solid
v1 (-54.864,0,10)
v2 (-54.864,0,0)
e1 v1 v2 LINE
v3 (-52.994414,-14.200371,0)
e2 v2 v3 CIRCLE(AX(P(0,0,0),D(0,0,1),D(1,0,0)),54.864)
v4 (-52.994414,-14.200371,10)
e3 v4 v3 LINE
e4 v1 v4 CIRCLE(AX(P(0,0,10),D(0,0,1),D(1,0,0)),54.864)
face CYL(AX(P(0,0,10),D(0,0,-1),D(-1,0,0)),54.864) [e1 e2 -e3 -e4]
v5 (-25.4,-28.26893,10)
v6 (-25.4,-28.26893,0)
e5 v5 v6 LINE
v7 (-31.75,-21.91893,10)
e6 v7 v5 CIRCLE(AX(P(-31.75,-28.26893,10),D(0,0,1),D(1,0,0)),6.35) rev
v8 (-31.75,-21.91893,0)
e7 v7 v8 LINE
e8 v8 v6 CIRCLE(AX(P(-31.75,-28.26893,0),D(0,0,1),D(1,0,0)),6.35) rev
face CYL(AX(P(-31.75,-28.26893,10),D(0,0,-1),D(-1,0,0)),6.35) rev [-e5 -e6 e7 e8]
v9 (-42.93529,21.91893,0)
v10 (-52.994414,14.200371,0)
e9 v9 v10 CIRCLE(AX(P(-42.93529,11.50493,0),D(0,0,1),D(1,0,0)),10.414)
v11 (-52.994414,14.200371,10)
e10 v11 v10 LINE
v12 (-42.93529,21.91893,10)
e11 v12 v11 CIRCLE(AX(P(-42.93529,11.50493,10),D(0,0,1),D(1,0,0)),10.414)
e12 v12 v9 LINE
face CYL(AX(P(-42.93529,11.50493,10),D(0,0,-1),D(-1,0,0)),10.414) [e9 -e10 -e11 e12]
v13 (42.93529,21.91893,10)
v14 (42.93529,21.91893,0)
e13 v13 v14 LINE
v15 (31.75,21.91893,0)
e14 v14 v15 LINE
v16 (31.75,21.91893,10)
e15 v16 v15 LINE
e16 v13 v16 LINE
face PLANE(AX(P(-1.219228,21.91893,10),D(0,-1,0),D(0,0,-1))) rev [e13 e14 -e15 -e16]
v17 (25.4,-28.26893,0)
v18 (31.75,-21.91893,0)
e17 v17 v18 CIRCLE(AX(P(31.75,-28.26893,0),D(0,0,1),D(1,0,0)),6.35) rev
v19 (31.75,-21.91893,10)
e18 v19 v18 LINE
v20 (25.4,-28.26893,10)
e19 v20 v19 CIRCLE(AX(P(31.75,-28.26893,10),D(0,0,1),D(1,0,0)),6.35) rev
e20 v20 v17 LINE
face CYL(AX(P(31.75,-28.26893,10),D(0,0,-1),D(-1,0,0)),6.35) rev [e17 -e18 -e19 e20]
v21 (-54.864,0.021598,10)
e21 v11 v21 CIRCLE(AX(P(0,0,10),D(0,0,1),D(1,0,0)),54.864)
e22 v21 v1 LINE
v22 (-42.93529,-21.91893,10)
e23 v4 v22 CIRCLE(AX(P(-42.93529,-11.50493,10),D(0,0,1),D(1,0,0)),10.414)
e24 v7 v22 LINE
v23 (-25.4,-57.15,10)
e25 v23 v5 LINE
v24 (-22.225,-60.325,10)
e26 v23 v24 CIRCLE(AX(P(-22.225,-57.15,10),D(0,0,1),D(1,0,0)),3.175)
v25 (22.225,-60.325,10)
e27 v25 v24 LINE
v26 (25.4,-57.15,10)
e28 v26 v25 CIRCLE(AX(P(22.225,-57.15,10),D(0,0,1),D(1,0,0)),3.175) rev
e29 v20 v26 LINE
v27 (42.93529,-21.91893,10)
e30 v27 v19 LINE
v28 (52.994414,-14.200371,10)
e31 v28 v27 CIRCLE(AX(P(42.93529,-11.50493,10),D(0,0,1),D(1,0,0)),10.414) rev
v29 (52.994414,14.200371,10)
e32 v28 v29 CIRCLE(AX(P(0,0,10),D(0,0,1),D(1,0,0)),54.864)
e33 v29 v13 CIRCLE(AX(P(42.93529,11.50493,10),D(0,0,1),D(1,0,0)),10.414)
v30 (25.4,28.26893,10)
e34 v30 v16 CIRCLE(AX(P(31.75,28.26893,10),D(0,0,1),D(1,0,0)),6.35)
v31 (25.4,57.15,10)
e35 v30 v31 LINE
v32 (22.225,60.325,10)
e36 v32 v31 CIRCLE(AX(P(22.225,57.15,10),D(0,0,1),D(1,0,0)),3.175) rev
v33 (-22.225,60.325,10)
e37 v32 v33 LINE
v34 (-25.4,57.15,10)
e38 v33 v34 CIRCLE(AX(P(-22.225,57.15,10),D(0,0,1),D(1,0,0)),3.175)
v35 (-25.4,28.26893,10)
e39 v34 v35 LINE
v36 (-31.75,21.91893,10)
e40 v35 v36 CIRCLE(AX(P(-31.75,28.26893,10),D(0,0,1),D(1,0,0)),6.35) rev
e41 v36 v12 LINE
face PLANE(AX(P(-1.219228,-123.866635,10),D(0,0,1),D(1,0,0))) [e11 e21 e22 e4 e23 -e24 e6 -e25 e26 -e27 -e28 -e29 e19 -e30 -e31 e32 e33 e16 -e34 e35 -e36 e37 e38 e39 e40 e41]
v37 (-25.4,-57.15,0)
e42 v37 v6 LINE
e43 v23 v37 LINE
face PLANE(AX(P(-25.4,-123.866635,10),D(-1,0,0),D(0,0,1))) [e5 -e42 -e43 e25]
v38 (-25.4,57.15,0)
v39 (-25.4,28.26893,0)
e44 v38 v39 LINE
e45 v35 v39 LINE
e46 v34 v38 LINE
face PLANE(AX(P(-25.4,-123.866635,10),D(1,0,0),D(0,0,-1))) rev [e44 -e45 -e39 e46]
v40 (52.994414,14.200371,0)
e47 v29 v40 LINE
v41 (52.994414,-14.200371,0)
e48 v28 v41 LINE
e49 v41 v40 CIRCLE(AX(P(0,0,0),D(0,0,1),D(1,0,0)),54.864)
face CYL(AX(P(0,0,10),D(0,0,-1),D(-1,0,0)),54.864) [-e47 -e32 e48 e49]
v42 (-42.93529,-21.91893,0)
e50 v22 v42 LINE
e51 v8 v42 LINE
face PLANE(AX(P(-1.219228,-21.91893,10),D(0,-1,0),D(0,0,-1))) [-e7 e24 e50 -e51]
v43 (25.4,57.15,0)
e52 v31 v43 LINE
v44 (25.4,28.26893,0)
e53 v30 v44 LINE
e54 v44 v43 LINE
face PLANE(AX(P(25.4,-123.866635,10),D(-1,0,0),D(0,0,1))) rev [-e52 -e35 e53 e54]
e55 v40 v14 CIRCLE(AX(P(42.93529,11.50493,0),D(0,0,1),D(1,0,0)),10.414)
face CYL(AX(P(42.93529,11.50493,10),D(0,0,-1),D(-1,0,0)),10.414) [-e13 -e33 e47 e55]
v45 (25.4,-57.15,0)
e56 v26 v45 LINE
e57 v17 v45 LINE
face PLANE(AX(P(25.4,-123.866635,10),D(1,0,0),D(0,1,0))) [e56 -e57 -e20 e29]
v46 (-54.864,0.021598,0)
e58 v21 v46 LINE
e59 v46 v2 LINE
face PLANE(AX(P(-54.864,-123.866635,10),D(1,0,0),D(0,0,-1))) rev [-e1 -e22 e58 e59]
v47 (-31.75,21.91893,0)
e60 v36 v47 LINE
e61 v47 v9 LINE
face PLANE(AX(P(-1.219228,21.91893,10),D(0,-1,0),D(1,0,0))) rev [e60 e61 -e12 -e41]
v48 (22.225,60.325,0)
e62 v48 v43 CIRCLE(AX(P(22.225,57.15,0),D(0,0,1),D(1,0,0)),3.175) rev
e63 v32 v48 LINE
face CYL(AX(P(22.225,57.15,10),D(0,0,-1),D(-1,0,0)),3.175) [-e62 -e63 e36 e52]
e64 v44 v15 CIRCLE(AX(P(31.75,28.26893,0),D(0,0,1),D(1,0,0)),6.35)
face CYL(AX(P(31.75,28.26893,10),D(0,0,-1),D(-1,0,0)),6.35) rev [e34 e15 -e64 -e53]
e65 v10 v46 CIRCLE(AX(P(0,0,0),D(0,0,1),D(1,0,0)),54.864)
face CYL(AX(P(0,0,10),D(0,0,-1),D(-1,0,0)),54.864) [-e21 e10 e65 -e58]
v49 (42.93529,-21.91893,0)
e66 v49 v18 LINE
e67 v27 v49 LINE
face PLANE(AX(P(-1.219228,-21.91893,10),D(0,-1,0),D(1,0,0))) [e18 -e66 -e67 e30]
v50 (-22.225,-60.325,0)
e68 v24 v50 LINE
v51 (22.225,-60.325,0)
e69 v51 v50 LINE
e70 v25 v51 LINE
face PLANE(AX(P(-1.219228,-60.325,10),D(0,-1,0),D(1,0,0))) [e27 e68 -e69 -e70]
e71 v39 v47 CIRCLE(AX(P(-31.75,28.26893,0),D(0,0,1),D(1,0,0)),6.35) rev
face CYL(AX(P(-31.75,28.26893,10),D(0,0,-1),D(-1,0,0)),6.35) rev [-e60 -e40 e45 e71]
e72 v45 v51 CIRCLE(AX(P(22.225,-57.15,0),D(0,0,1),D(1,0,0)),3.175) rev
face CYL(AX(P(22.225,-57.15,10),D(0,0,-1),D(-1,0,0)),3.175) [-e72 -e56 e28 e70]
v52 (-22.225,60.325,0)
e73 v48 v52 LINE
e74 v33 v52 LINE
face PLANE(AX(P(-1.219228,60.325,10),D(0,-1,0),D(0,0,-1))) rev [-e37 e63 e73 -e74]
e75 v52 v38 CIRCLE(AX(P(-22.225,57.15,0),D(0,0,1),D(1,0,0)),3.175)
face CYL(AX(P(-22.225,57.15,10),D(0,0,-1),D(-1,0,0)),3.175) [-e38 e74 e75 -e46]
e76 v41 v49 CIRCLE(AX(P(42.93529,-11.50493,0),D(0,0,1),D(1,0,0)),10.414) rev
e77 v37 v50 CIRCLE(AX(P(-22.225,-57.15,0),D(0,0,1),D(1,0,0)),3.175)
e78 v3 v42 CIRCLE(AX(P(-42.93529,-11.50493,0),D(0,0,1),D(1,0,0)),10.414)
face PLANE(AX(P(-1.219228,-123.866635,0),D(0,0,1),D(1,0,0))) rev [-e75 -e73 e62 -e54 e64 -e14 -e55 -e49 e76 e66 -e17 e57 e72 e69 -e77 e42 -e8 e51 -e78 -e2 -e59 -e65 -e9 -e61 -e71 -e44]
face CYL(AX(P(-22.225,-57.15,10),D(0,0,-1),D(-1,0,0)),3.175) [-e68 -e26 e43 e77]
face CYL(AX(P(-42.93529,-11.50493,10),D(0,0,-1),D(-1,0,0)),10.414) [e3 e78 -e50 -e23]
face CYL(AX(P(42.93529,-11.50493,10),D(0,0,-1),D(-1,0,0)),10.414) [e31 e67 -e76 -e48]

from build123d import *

# Parameters (mm, degrees)
BOSS_EXTRUDE1_DEPTH = 10


with BuildPart() as part:
    # Sketch1 → Boss-Extrude1 (new body)
    with BuildSketch(Plane.XY):
        with BuildLine():
            Line((-25.4, -57.15), (-25.4, -28.26893))
            ThreePointArc((-25.4, -28.26893), (-27.259871939, -23.778801939), (-31.75, -21.91893))
            Line((-31.75, -21.91893), (-42.935289515, -21.91893))
            ThreePointArc((-42.935289515, -21.91893), (-49.274890295, -19.766942948), (-52.994414486, -14.200370743))
            ThreePointArc((-52.994414486, -14.200370743), (-54.864, 0), (-52.994414486, 14.200370743))
            ThreePointArc((-52.994414486, 14.200370743), (-49.274890295, 19.766942948), (-42.935289515, 21.91893))
            Line((-42.935289515, 21.91893), (-31.75, 21.91893))
            ThreePointArc((-31.75, 21.91893), (-27.259871939, 23.778801939), (-25.4, 28.26893))
            Line((-25.4, 28.26893), (-25.4, 57.15))
            ThreePointArc((-25.4, 57.15), (-24.47006403, 59.39506403), (-22.225, 60.325))
            Line((-22.225, 60.325), (22.225, 60.325))
            ThreePointArc((22.225, 60.325), (24.47006403, 59.39506403), (25.4, 57.15))
            Line((25.4, 57.15), (25.4, 28.26893))
            ThreePointArc((25.4, 28.26893), (27.259871939, 23.778801939), (31.75, 21.91893))
            Line((31.75, 21.91893), (42.935289515, 21.91893))
            ThreePointArc((42.935289515, 21.91893), (49.274890295, 19.766942948), (52.994414486, 14.200370743))
            ThreePointArc((52.994414486, 14.200370743), (54.864, 0), (52.994414486, -14.200370743))
            ThreePointArc((52.994414486, -14.200370743), (49.274890295, -19.766942948), (42.935289515, -21.91893))
            Line((42.935289515, -21.91893), (31.75, -21.91893))
            ThreePointArc((31.75, -21.91893), (27.259871939, -23.778801939), (25.4, -28.26893))
            Line((25.4, -28.26893), (25.4, -57.15))
            ThreePointArc((25.4, -57.15), (24.47006403, -59.39506403), (22.225, -60.325))
            Line((22.225, -60.325), (-22.225, -60.325))
            ThreePointArc((-22.225, -60.325), (-24.47006403, -59.39506403), (-25.4, -57.15))
        make_face()
    extrude(amount=BOSS_EXTRUDE1_DEPTH)


solid = part.part
